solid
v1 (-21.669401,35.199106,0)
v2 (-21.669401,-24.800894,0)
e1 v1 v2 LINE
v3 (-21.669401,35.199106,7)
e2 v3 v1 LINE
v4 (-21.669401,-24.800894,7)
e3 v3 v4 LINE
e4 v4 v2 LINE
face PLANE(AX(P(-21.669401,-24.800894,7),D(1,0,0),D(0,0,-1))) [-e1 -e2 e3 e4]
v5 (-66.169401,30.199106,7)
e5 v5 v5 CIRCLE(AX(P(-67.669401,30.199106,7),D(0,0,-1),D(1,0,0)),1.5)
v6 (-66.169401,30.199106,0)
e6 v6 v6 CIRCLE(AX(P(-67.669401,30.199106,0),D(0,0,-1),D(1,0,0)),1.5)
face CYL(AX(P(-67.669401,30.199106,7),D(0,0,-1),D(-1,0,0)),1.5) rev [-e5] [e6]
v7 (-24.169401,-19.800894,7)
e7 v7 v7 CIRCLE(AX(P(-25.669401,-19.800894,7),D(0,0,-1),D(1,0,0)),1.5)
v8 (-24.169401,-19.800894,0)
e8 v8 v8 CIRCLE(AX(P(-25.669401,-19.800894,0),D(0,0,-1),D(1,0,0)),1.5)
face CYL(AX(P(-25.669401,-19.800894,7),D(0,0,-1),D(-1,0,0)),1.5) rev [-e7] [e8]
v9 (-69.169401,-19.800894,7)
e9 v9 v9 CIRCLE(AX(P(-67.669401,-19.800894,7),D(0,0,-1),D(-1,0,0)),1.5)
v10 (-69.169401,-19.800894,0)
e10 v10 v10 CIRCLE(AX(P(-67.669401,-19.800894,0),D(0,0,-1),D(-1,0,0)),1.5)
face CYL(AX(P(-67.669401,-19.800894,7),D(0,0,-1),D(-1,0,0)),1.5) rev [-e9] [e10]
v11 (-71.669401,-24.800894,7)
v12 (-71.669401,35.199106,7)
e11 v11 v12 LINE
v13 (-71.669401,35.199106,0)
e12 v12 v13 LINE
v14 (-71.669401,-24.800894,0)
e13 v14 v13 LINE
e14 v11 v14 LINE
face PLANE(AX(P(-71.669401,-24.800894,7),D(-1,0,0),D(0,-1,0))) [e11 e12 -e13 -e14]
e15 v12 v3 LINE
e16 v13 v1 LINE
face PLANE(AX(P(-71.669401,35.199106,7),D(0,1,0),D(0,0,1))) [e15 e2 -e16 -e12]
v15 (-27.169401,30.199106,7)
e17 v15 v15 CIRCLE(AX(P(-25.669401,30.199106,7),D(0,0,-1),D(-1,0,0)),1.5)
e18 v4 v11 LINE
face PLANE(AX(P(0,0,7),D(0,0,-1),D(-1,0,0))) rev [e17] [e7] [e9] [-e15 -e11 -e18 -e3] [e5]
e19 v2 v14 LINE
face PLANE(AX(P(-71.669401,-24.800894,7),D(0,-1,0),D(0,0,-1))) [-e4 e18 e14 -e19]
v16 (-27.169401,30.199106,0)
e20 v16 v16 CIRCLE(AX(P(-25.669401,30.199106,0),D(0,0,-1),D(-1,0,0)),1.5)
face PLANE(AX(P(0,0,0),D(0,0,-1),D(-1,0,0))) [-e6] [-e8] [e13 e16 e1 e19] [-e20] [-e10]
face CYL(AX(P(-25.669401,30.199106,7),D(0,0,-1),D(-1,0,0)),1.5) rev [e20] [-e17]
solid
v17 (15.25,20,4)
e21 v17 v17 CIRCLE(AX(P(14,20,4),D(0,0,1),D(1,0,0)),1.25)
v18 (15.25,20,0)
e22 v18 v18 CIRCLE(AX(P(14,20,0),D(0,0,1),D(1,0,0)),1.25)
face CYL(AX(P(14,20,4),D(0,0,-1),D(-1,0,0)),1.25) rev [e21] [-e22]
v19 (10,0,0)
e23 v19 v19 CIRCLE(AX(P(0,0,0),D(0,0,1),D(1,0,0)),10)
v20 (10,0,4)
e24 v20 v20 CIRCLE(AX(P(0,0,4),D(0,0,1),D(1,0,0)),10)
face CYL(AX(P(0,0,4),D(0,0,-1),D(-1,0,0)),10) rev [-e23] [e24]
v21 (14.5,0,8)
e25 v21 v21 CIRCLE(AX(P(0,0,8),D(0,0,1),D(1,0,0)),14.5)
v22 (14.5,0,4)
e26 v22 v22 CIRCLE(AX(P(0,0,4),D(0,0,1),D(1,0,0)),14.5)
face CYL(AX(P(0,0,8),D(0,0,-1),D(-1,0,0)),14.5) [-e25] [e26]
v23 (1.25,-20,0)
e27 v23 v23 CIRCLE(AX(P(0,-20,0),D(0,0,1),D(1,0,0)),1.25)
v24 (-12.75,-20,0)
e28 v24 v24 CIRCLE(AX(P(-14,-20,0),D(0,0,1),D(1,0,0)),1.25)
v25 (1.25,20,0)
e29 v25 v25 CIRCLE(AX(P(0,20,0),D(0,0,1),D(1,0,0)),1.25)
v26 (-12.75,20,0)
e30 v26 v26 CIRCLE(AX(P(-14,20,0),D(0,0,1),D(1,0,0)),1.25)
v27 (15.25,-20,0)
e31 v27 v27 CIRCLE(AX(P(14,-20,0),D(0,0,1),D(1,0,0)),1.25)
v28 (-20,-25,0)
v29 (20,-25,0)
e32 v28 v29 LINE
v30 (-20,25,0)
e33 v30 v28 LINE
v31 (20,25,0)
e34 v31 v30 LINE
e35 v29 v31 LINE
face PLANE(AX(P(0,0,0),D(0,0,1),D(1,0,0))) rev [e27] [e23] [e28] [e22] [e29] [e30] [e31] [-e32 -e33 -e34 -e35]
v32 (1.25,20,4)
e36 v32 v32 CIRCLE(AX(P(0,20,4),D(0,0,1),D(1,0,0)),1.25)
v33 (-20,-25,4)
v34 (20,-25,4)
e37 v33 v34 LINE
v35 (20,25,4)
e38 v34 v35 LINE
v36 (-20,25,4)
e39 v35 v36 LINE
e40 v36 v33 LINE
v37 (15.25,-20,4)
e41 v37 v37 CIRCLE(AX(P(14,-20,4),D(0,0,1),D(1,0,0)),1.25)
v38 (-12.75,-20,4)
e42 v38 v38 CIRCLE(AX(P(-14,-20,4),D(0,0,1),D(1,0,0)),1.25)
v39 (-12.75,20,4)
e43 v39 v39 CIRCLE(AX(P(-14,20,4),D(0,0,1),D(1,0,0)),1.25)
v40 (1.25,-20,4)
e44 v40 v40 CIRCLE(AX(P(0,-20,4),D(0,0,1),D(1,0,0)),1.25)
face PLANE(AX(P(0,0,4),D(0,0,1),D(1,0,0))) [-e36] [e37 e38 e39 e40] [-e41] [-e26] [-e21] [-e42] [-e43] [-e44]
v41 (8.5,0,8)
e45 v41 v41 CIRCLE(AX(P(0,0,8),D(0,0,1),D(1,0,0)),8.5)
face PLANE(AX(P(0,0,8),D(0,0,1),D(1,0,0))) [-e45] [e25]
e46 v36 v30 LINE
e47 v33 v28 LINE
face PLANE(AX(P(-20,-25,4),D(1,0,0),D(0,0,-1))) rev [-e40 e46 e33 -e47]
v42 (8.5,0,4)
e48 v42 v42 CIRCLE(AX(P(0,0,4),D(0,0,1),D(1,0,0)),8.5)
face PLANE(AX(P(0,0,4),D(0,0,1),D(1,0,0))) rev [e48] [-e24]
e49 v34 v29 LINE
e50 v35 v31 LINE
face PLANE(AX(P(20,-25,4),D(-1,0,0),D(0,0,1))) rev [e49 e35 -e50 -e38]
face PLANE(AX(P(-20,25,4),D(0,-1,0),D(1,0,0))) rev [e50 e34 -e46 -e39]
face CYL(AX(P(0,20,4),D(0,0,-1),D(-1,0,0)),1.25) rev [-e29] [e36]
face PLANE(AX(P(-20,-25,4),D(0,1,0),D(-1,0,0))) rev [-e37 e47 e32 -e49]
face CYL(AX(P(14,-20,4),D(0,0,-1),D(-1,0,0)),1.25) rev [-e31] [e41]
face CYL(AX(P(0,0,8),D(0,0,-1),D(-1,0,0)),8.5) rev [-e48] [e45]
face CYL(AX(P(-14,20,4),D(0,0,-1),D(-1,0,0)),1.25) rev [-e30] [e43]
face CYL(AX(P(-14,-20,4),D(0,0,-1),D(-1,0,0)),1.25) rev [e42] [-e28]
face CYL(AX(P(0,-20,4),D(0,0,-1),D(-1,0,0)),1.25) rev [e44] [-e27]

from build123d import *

# Parameters (mm, degrees)
SKETCH1_W           = 50
SKETCH1_H           = 40
SKETCH1_R           = 10
SKETCH1_R_2         = 1.25
BOSS_EXTRUDE1_DEPTH = 4
SKETCH2_R           = 14.5
SKETCH2_R_2         = 8.5
BOSS_EXTRUDE2_DEPTH = 4
SKETCH3_W           = 50
SKETCH3_H           = 60
SKETCH3_R           = 1.5
BOSS_EXTRUDE3_DEPTH = 7


with BuildPart() as part:
    # Sketch1 → Boss-Extrude1 (new body)
    with BuildSketch(Plane(origin=(0, 0, 0), x_dir=(0, 1, 0), z_dir=(0, 0, 1))):
        Rectangle(SKETCH1_W, SKETCH1_H)
        with Locations(Location((0, 0, 0), (0, 0, 270))):
            Circle(SKETCH1_R, mode=Mode.SUBTRACT)
        with Locations(Location((-20, 14, 0), (0, 0, 270))):
            Circle(SKETCH1_R_2, mode=Mode.SUBTRACT)
        with Locations(Location((-20, -14, 0), (0, 0, 270))):
            Circle(SKETCH1_R_2, mode=Mode.SUBTRACT)
        with Locations(Location((20, 14, 0), (0, 0, 270))):
            Circle(SKETCH1_R_2, mode=Mode.SUBTRACT)
        with Locations(Location((20, -14, 0), (0, 0, 270))):
            Circle(SKETCH1_R_2, mode=Mode.SUBTRACT)
        with Locations(Location((-20, 0, 0), (0, 0, 270))):
            Circle(SKETCH1_R_2, mode=Mode.SUBTRACT)
        with Locations(Location((20, 0, 0), (0, 0, 270))):
            Circle(SKETCH1_R_2, mode=Mode.SUBTRACT)
    extrude(amount=BOSS_EXTRUDE1_DEPTH)

    # Sketch2 → Boss-Extrude2 (add)
    with BuildSketch(Plane.XY.offset(4)):
        Circle(SKETCH2_R)
        Circle(SKETCH2_R_2, mode=Mode.SUBTRACT)
    extrude(amount=BOSS_EXTRUDE2_DEPTH)


with BuildPart() as body_2:
    # Sketch3 → Boss-Extrude3 (new body)
    with BuildSketch(Plane(origin=(0, 0, 0), x_dir=(1, 0, 0), z_dir=(0, 0, -1))):
        with Locations((-46.669401007, -5.199106425)):
            Rectangle(SKETCH3_W, SKETCH3_H)
        with Locations(Location((-67.669401007, 19.800893575, 0), (0, 0, 180))):
            Circle(SKETCH3_R, mode=Mode.SUBTRACT)
        with Locations((-25.669401007, 19.800893575)):
            Circle(SKETCH3_R, mode=Mode.SUBTRACT)
        with Locations(Location((-25.669401007, -30.199106425, 0), (0, 0, 180))):
            Circle(SKETCH3_R, mode=Mode.SUBTRACT)
        with Locations((-67.669401007, -30.199106425)):
            Circle(SKETCH3_R, mode=Mode.SUBTRACT)
    extrude(amount=-BOSS_EXTRUDE3_DEPTH)


solid = Compound([part.part, body_2.part])
